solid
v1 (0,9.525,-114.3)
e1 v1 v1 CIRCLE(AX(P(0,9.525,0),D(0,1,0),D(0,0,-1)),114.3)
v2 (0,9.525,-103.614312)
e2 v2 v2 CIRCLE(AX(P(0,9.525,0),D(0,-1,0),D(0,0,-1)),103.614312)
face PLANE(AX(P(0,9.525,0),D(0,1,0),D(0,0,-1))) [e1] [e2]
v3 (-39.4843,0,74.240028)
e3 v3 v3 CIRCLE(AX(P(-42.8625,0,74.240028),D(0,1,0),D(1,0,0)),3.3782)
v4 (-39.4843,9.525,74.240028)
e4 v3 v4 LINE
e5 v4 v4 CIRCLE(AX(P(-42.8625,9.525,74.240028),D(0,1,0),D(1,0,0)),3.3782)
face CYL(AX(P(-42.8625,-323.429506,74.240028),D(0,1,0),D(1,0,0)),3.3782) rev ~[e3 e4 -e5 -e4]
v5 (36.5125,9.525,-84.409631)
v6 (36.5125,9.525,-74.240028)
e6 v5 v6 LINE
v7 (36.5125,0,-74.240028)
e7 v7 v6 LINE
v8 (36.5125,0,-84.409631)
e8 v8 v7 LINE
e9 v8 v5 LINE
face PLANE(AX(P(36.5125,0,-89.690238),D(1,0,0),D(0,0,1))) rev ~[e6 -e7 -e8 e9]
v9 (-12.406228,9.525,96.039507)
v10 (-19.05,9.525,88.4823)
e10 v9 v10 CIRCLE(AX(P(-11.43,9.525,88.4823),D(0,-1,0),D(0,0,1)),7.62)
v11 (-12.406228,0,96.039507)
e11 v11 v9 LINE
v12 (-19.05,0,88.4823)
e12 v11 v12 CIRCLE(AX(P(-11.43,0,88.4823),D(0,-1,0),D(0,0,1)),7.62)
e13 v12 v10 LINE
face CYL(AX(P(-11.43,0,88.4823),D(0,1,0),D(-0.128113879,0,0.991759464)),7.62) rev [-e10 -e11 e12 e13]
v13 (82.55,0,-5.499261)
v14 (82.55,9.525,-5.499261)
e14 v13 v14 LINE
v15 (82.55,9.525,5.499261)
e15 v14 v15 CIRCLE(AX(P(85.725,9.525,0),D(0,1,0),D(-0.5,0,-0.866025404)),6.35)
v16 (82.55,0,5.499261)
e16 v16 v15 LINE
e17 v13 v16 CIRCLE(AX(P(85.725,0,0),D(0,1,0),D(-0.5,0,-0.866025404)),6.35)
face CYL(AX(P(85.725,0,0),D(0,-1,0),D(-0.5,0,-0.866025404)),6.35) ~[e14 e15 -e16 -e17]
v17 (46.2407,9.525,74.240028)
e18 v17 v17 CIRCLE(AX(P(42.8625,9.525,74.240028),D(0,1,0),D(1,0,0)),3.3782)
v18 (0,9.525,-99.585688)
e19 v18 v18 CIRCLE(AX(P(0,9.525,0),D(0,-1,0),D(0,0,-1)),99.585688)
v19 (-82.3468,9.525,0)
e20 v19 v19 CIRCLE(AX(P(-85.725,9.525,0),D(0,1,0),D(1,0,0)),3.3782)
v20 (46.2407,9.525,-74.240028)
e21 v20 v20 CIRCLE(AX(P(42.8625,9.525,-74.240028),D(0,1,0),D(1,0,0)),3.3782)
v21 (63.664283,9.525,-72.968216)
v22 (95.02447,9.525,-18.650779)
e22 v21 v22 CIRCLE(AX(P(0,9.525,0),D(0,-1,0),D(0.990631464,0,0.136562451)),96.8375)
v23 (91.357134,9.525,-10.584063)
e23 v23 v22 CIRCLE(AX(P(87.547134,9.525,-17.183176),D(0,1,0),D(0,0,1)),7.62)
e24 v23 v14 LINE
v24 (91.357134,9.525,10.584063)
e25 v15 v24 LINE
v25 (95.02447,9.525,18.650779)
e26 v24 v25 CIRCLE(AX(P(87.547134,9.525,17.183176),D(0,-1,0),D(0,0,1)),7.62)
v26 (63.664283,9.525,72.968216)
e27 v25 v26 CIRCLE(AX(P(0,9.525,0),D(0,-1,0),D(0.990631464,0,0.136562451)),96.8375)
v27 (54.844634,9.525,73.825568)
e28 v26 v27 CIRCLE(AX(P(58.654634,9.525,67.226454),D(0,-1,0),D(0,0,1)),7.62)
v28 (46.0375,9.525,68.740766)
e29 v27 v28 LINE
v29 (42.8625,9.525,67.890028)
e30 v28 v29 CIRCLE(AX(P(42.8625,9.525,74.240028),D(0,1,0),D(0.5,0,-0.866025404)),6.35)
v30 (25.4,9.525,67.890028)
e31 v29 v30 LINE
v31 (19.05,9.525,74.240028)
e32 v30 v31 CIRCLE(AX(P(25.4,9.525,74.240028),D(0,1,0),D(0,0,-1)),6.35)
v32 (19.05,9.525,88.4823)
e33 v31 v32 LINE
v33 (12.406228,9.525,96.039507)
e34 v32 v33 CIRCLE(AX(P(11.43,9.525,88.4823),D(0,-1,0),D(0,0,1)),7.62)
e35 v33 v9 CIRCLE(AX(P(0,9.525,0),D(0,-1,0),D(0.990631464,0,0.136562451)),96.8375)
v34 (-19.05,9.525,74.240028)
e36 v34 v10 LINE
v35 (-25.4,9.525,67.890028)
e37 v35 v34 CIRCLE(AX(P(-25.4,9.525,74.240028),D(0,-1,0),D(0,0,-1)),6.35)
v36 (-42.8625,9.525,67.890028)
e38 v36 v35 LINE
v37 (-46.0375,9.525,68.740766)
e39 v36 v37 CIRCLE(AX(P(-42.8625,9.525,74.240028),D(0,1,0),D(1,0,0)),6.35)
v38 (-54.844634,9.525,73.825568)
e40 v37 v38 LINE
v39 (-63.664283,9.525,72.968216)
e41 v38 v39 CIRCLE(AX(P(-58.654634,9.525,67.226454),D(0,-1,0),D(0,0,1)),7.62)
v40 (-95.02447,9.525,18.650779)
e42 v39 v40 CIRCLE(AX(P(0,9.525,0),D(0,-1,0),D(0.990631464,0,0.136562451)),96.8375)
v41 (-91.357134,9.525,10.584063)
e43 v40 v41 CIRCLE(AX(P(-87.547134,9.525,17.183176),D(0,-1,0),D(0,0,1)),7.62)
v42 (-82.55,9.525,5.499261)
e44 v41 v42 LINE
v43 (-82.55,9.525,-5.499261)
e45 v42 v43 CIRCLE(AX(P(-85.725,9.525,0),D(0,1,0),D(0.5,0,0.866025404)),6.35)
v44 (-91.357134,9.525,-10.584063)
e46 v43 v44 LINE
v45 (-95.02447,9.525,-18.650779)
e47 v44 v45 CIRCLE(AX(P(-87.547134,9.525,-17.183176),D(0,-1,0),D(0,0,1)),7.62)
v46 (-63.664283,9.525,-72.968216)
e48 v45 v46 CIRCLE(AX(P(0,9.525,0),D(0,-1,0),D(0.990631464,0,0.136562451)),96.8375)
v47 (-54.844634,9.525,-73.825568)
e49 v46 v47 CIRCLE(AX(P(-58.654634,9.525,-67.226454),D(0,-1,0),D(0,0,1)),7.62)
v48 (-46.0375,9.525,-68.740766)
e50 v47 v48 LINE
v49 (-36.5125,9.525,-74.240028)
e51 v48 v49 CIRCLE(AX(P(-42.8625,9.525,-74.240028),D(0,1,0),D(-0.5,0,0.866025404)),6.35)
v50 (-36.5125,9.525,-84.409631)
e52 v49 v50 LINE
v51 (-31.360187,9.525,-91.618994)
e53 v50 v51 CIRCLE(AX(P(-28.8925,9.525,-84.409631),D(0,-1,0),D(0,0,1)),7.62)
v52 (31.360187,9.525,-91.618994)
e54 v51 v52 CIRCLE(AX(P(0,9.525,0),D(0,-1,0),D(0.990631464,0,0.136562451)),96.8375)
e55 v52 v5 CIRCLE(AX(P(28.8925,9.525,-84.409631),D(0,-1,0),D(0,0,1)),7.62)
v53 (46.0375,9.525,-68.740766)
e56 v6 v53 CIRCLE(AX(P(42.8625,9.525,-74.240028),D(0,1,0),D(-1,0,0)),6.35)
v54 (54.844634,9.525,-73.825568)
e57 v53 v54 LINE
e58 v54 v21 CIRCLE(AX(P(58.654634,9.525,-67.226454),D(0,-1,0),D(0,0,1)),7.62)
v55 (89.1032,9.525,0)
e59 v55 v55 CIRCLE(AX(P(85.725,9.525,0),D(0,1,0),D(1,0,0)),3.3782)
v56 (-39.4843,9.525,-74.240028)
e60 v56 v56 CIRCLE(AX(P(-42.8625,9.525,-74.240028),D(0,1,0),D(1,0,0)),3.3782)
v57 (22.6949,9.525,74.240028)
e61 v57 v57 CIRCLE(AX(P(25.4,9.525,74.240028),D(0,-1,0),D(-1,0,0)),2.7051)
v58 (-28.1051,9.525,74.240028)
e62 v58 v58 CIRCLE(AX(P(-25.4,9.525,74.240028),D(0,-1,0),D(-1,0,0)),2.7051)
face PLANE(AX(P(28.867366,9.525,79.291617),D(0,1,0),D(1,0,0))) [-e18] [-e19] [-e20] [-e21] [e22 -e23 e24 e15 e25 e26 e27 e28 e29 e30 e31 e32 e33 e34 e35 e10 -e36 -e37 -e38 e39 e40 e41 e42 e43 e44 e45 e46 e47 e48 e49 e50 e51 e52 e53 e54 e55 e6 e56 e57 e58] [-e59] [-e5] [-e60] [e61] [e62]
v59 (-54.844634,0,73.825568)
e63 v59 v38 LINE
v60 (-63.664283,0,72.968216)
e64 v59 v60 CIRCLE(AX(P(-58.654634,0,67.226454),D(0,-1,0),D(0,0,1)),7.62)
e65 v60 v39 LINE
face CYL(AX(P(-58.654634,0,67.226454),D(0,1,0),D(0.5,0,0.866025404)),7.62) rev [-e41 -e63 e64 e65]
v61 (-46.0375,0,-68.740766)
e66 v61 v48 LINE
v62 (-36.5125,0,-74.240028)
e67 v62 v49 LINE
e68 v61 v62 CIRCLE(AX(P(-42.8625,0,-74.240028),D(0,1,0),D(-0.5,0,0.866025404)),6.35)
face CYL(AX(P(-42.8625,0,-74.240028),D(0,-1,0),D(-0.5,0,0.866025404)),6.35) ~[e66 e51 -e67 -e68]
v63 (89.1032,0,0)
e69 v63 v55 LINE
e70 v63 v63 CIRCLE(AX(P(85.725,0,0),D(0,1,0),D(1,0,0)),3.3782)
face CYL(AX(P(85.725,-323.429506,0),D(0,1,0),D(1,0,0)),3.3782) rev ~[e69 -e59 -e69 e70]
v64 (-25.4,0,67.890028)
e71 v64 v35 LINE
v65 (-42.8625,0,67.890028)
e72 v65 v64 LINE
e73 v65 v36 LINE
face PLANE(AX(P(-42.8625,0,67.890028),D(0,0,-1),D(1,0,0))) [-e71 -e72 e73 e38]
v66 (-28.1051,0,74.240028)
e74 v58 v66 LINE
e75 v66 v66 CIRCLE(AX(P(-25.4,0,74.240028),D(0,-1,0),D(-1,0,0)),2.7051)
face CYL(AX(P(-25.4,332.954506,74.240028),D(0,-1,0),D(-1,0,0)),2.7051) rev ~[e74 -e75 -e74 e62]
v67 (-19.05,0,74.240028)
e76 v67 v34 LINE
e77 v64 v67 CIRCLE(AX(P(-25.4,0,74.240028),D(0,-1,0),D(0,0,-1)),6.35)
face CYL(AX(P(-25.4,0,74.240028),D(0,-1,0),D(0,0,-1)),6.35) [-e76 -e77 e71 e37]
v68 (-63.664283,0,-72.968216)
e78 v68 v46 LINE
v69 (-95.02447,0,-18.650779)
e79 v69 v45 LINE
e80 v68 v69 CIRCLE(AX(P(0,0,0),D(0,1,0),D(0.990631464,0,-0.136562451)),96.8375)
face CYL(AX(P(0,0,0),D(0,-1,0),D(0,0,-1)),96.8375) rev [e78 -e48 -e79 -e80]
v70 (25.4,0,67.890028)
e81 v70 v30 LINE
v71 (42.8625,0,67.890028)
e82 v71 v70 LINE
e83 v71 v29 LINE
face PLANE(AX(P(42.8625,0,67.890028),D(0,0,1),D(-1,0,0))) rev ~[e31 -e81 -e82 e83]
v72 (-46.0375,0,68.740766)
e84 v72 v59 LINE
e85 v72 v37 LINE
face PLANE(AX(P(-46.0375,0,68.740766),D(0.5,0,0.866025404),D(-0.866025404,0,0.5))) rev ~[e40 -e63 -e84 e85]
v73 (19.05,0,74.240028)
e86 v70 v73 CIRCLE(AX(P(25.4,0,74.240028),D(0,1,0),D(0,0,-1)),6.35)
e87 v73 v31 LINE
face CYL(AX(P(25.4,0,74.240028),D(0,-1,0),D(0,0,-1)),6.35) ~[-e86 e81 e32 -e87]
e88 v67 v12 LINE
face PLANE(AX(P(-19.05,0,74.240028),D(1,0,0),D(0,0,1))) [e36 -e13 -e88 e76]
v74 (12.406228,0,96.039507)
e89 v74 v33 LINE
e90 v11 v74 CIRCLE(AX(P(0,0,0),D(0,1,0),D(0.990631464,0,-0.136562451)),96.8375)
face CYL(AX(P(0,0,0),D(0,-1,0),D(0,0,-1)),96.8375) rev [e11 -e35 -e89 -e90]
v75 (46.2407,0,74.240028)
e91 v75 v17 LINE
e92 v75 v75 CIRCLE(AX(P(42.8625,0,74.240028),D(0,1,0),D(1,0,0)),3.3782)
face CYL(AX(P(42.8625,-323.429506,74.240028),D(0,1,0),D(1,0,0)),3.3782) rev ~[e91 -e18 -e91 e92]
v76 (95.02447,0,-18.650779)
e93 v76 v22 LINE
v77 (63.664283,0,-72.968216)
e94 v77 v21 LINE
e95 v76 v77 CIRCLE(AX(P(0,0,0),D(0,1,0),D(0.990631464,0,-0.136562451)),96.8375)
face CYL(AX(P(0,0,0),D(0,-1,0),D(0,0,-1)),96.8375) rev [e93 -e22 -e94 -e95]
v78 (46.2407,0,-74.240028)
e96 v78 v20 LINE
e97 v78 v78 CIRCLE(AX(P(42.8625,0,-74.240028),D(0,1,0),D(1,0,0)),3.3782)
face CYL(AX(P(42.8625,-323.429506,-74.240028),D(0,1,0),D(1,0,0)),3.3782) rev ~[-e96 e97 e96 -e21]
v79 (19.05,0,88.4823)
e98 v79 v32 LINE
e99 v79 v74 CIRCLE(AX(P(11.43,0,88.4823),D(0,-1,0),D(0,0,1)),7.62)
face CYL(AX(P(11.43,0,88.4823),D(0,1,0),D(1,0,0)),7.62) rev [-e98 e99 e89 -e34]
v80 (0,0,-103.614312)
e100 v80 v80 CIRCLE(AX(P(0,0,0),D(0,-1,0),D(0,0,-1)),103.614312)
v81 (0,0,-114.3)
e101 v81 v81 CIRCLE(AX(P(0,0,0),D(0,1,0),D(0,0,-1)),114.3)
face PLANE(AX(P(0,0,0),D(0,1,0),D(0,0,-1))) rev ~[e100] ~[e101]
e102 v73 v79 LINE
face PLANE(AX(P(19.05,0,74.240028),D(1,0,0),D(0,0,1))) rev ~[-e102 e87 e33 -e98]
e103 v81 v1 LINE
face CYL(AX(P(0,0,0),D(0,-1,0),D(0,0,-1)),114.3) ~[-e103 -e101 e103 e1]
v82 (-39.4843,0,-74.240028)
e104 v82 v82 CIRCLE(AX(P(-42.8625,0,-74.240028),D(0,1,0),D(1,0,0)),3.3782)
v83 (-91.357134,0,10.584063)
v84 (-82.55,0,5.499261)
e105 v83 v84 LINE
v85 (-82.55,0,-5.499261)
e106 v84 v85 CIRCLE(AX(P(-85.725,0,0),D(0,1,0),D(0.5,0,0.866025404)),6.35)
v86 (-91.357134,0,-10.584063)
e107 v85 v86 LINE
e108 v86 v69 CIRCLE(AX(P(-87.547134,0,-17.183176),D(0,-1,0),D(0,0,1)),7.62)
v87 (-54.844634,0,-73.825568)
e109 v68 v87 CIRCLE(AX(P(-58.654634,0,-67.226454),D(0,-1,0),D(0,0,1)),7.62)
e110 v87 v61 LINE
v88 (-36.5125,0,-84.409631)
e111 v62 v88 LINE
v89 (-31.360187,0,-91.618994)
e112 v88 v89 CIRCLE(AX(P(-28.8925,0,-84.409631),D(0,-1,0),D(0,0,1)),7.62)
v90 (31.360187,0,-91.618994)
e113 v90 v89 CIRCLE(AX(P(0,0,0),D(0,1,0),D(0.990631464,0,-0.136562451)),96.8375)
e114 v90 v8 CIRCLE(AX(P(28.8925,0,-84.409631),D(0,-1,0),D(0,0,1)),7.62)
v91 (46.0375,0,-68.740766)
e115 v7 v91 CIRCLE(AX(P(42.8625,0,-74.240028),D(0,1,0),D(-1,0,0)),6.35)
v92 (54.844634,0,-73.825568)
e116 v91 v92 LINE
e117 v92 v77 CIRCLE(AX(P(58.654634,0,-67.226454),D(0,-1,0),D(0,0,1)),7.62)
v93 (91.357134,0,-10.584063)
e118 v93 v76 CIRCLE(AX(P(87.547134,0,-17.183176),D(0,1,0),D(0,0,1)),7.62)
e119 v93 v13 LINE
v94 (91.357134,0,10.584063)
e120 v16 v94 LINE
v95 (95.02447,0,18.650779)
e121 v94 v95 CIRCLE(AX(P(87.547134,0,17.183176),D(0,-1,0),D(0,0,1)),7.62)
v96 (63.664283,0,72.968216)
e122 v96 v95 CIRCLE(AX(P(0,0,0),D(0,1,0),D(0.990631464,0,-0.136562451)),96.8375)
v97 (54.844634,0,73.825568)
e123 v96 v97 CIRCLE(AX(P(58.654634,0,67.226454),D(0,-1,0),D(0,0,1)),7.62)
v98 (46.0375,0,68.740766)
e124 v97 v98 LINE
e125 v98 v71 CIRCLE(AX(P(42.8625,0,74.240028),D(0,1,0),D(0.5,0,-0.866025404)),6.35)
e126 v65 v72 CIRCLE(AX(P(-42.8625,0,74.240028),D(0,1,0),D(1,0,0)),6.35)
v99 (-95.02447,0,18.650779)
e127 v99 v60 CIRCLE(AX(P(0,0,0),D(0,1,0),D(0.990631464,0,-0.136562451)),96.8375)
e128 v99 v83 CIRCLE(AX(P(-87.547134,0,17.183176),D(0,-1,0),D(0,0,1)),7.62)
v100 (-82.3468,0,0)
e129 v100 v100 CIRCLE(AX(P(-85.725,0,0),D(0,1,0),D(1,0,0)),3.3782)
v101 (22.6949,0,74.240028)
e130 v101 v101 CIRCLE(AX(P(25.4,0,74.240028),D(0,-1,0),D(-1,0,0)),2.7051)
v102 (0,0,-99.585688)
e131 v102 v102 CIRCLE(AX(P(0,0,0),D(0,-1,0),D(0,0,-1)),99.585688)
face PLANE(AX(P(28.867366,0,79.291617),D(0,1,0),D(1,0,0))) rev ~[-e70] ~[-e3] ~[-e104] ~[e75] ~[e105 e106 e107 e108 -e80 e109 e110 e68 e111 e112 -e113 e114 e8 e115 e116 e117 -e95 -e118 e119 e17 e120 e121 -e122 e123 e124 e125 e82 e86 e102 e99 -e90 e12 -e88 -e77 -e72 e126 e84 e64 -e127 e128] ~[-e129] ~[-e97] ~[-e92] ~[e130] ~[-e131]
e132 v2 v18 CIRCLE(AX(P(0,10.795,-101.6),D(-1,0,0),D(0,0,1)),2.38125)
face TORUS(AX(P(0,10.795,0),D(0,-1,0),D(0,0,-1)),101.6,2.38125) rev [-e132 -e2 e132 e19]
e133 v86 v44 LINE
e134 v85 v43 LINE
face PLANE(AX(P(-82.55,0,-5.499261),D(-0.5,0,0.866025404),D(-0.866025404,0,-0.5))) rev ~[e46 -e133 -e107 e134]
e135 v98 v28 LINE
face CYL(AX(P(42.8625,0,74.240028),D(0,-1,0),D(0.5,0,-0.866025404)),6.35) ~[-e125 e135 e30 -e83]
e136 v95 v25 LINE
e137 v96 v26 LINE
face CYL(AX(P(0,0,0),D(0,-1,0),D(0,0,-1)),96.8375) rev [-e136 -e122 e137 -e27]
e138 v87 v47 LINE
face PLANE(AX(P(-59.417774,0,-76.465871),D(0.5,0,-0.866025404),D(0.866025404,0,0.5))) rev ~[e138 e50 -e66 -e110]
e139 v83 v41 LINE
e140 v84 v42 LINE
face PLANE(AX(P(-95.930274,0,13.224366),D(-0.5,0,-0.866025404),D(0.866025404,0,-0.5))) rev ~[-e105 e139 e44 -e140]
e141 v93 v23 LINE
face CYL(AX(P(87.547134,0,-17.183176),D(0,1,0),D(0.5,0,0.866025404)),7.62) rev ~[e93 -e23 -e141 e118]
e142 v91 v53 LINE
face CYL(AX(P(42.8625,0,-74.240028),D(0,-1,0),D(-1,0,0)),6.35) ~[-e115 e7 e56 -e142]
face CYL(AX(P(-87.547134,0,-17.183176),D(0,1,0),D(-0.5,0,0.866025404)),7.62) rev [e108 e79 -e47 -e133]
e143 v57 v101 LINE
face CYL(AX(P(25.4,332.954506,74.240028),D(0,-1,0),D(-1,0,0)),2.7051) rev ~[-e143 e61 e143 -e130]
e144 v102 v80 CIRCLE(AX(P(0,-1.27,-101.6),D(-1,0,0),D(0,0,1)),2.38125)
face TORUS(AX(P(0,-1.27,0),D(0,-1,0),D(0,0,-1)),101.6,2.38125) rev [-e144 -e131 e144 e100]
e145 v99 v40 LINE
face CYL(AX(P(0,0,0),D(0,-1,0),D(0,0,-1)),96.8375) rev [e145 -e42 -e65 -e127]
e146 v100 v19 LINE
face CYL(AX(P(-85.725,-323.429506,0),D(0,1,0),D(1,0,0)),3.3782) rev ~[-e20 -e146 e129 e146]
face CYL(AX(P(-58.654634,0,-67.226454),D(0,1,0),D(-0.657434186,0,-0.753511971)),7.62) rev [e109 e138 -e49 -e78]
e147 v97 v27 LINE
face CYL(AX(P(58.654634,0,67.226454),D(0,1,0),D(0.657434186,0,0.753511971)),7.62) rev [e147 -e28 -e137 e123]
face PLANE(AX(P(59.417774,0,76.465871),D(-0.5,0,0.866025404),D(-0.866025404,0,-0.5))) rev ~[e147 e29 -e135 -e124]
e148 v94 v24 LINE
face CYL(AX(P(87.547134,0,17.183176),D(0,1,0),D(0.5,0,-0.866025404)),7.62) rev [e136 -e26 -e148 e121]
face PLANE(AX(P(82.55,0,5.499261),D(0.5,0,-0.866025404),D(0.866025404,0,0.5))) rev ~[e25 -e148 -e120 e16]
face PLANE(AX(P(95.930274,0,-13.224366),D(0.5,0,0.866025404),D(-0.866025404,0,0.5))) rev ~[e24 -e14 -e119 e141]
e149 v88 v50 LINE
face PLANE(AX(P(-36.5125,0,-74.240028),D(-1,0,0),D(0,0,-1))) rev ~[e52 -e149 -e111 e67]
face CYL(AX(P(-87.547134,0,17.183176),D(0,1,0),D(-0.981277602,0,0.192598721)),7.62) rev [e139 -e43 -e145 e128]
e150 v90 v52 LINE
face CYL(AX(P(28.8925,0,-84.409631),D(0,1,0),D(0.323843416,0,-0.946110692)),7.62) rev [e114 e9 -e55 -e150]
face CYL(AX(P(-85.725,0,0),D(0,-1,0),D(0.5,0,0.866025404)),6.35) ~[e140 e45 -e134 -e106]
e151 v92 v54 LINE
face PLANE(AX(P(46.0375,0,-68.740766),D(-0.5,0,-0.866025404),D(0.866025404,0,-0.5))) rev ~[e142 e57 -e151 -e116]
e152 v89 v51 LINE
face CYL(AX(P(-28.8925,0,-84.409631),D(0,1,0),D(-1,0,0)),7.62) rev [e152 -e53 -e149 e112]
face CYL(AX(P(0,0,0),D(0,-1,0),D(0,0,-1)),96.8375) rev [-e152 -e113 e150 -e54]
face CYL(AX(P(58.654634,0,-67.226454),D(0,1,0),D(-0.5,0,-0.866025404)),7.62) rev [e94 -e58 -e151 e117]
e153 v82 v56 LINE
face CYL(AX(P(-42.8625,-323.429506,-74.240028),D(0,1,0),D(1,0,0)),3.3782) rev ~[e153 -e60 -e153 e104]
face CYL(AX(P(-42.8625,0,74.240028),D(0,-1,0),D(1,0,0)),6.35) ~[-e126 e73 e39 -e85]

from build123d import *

# Parameters (mm, degrees)
SKETCH1_R                = 114.3
SKETCH1_R_2              = 96.8375
BOSS_EXTRUDE1_DEPTH      = 9.525
BOSS_EXTRUDE2_DEPTH      = 9.525
FILLET2_R                = 7.62
CIRPATTERN1_COUNT        = 6
FILLET2_OF_CIRPATTERN1_R = 7.62
F_1_4_CLEARANCE_HOLE1_D  = 6.7564
SKETCH2_R                = 2.38125
BOSS_EXTRUDE3_START      = -9.525
BOSS_EXTRUDE3_DEPTH      = 9.525
FILLET3_R                = 7.62
F_1_4_28_TAPPED_HOLE1_D  = 5.4102


with BuildPart() as part:
    # Sketch1 → Boss-Extrude1 (new body)
    with BuildSketch(Plane(origin=(0, 0, 0), x_dir=(1, 0, 0), z_dir=(0, 1, 0))):
        with Locations(Location((0, 0, 0), (0, 0, 90))):
            Circle(SKETCH1_R)
        with Locations(Location((0, 0, 0), (0, 0, 90))):
            Circle(SKETCH1_R_2, mode=Mode.SUBTRACT)
    extrude(amount=BOSS_EXTRUDE1_DEPTH)

    # Sketch3 → Boss-Extrude2 (add)
    with BuildSketch(Plane.XZ):
        with BuildLine():
            Line((95.930274374, -13.224366326), (82.55, -5.499261314))
            ThreePointArc((82.55, -5.499261314), (79.375, 0), (82.55, 5.499261314))
            Line((82.55, 5.499261314), (95.930274374, 13.224366326))
            ThreePointArc((95.930274374, 13.224366326), (96.8375, 0), (95.930274374, -13.224366326))
        make_face()
    boss_extrude2 = extrude(amount=-BOSS_EXTRUDE2_DEPTH)

    # Fillet2
    fillet2_edges = [part.edges().sort_by_distance(p)[0] for p in [
        (95.930274374, 4.7625, -13.224366326),
        (95.930274374, 4.7625, 13.224366326),
    ]]
    fillet(fillet2_edges, radius=FILLET2_R)

    # CirPattern1: Boss-Extrude2 ×6 about axis
    cirpattern1_axis = Axis((0, 0, 0), (0, 1, 0))
    for i in range(1, CIRPATTERN1_COUNT):
        add(boss_extrude2.rotate(cirpattern1_axis, i * 360 / CIRPATTERN1_COUNT))

    # Fillet2 of CirPattern1
    fillet2_of_cirpattern1_edges = [part.edges().sort_by_distance(p)[0] for p in [
        (36.5125, 4.7625, -89.690237763),
        (59.417774374, 4.7625, -76.465871437),
        (-59.417774374, 4.7625, -76.465871437),
        (-36.5125, 4.7625, -89.690237763),
        (-95.930274374, 4.7625, 13.224366326),
        (-95.930274374, 4.7625, -13.224366326),
        (-36.5125, 4.7625, 89.690237763),
        (-59.417774374, 4.7625, 76.465871437),
        (59.417774374, 4.7625, 76.465871437),
        (36.5125, 4.7625, 89.690237763),
    ]]
    fillet(fillet2_of_cirpattern1_edges, radius=FILLET2_OF_CIRPATTERN1_R)

    # 1/4 Clearance Hole1 (through all)
    with Locations(Plane(origin=(0, 0, 0), x_dir=(-1, 0, 0), z_dir=(0, -1, 0))):
        with Locations((-42.8625, 74.240027739), (42.8625, 74.240027739), (85.725, 0), (42.8625, -74.240027739), (-42.8625, -74.240027739), (-85.725, 0)):
            Hole(F_1_4_CLEARANCE_HOLE1_D / 2)

    # Sketch2 → Cut-Revolve1 (revolve, cut)
    with BuildSketch(Plane(origin=(0, 0, 0), x_dir=(0, 0, -1), z_dir=(1, 0, 0)), mode=Mode.PRIVATE) as cut_revolve1_sk:
        with Locations((-101.6, 10.795)):
            Circle(SKETCH2_R)
        with Locations((-101.6, -1.27)):
            Circle(SKETCH2_R)
    revolve(cut_revolve1_sk.sketch.rotate(Axis((0, 0, 0), (0, 1, 0)), 180), axis=Axis((0, 0, 0), (0, 1, 0)), mode=Mode.SUBTRACT)

    # Sketch7 → Boss-Extrude3 (add)
    with BuildSketch(Plane(origin=(0, 9.525, 0), x_dir=(1, 0, 0), z_dir=(0, 1, 0)).offset(BOSS_EXTRUDE3_START)):
        with BuildLine():
            Line((42.8625, -67.890027739), (25.4, -67.890027739))
            ThreePointArc((25.4, -67.890027739), (20.909871939, -69.749899679), (19.05, -74.240027739))
            Line((19.05, -74.240027739), (19.05, -94.94524162))
            ThreePointArc((19.05, -94.94524162), (25.259903299, -93.484965056), (31.360186833, -91.618994145))
            ThreePointArc((31.360186833, -91.618994145), (35.092023113, -88.840241596), (36.5125, -84.409630671))
            Line((36.5125, -84.409630671), (36.5125, -74.240027739))
            ThreePointArc((36.5125, -74.240027739), (38.372371939, -69.749899679), (42.8625, -67.890027739))
        make_face()
        with BuildLine():
            Line((-42.8625, -67.890027739), (-25.4, -67.890027739))
            ThreePointArc((-25.4, -67.890027739), (-20.909871939, -69.749899679), (-19.05, -74.240027739))
            Line((-19.05, -74.240027739), (-19.05, -94.94524162))
            ThreePointArc((-19.05, -94.94524162), (-25.259903299, -93.484965056), (-31.360186833, -91.618994145))
            ThreePointArc((-31.360186833, -91.618994145), (-35.092023113, -88.840241596), (-36.5125, -84.409630671))
            Line((-36.5125, -84.409630671), (-36.5125, -74.240027739))
            ThreePointArc((-36.5125, -74.240027739), (-38.372371939, -69.749899679), (-42.8625, -67.890027739))
        make_face()
    extrude(amount=BOSS_EXTRUDE3_DEPTH)

    # Fillet3
    fillet3_edges = [part.edges().sort_by_distance(p)[0] for p in [
        (19.05, 4.7625, 94.94524162),
        (-19.05, 4.7625, 94.94524162),
    ]]
    fillet(fillet3_edges, radius=FILLET3_R)

    # 1/4-28 Tapped Hole1 (through all)
    with Locations(Plane(origin=(0, 9.525, 0), x_dir=(1, 0, 0), z_dir=(0, 1, 0))):
        with Locations((25.4, -74.240027739), (-25.4, -74.240027739)):
            Hole(F_1_4_28_TAPPED_HOLE1_D / 2)


solid = part.part
